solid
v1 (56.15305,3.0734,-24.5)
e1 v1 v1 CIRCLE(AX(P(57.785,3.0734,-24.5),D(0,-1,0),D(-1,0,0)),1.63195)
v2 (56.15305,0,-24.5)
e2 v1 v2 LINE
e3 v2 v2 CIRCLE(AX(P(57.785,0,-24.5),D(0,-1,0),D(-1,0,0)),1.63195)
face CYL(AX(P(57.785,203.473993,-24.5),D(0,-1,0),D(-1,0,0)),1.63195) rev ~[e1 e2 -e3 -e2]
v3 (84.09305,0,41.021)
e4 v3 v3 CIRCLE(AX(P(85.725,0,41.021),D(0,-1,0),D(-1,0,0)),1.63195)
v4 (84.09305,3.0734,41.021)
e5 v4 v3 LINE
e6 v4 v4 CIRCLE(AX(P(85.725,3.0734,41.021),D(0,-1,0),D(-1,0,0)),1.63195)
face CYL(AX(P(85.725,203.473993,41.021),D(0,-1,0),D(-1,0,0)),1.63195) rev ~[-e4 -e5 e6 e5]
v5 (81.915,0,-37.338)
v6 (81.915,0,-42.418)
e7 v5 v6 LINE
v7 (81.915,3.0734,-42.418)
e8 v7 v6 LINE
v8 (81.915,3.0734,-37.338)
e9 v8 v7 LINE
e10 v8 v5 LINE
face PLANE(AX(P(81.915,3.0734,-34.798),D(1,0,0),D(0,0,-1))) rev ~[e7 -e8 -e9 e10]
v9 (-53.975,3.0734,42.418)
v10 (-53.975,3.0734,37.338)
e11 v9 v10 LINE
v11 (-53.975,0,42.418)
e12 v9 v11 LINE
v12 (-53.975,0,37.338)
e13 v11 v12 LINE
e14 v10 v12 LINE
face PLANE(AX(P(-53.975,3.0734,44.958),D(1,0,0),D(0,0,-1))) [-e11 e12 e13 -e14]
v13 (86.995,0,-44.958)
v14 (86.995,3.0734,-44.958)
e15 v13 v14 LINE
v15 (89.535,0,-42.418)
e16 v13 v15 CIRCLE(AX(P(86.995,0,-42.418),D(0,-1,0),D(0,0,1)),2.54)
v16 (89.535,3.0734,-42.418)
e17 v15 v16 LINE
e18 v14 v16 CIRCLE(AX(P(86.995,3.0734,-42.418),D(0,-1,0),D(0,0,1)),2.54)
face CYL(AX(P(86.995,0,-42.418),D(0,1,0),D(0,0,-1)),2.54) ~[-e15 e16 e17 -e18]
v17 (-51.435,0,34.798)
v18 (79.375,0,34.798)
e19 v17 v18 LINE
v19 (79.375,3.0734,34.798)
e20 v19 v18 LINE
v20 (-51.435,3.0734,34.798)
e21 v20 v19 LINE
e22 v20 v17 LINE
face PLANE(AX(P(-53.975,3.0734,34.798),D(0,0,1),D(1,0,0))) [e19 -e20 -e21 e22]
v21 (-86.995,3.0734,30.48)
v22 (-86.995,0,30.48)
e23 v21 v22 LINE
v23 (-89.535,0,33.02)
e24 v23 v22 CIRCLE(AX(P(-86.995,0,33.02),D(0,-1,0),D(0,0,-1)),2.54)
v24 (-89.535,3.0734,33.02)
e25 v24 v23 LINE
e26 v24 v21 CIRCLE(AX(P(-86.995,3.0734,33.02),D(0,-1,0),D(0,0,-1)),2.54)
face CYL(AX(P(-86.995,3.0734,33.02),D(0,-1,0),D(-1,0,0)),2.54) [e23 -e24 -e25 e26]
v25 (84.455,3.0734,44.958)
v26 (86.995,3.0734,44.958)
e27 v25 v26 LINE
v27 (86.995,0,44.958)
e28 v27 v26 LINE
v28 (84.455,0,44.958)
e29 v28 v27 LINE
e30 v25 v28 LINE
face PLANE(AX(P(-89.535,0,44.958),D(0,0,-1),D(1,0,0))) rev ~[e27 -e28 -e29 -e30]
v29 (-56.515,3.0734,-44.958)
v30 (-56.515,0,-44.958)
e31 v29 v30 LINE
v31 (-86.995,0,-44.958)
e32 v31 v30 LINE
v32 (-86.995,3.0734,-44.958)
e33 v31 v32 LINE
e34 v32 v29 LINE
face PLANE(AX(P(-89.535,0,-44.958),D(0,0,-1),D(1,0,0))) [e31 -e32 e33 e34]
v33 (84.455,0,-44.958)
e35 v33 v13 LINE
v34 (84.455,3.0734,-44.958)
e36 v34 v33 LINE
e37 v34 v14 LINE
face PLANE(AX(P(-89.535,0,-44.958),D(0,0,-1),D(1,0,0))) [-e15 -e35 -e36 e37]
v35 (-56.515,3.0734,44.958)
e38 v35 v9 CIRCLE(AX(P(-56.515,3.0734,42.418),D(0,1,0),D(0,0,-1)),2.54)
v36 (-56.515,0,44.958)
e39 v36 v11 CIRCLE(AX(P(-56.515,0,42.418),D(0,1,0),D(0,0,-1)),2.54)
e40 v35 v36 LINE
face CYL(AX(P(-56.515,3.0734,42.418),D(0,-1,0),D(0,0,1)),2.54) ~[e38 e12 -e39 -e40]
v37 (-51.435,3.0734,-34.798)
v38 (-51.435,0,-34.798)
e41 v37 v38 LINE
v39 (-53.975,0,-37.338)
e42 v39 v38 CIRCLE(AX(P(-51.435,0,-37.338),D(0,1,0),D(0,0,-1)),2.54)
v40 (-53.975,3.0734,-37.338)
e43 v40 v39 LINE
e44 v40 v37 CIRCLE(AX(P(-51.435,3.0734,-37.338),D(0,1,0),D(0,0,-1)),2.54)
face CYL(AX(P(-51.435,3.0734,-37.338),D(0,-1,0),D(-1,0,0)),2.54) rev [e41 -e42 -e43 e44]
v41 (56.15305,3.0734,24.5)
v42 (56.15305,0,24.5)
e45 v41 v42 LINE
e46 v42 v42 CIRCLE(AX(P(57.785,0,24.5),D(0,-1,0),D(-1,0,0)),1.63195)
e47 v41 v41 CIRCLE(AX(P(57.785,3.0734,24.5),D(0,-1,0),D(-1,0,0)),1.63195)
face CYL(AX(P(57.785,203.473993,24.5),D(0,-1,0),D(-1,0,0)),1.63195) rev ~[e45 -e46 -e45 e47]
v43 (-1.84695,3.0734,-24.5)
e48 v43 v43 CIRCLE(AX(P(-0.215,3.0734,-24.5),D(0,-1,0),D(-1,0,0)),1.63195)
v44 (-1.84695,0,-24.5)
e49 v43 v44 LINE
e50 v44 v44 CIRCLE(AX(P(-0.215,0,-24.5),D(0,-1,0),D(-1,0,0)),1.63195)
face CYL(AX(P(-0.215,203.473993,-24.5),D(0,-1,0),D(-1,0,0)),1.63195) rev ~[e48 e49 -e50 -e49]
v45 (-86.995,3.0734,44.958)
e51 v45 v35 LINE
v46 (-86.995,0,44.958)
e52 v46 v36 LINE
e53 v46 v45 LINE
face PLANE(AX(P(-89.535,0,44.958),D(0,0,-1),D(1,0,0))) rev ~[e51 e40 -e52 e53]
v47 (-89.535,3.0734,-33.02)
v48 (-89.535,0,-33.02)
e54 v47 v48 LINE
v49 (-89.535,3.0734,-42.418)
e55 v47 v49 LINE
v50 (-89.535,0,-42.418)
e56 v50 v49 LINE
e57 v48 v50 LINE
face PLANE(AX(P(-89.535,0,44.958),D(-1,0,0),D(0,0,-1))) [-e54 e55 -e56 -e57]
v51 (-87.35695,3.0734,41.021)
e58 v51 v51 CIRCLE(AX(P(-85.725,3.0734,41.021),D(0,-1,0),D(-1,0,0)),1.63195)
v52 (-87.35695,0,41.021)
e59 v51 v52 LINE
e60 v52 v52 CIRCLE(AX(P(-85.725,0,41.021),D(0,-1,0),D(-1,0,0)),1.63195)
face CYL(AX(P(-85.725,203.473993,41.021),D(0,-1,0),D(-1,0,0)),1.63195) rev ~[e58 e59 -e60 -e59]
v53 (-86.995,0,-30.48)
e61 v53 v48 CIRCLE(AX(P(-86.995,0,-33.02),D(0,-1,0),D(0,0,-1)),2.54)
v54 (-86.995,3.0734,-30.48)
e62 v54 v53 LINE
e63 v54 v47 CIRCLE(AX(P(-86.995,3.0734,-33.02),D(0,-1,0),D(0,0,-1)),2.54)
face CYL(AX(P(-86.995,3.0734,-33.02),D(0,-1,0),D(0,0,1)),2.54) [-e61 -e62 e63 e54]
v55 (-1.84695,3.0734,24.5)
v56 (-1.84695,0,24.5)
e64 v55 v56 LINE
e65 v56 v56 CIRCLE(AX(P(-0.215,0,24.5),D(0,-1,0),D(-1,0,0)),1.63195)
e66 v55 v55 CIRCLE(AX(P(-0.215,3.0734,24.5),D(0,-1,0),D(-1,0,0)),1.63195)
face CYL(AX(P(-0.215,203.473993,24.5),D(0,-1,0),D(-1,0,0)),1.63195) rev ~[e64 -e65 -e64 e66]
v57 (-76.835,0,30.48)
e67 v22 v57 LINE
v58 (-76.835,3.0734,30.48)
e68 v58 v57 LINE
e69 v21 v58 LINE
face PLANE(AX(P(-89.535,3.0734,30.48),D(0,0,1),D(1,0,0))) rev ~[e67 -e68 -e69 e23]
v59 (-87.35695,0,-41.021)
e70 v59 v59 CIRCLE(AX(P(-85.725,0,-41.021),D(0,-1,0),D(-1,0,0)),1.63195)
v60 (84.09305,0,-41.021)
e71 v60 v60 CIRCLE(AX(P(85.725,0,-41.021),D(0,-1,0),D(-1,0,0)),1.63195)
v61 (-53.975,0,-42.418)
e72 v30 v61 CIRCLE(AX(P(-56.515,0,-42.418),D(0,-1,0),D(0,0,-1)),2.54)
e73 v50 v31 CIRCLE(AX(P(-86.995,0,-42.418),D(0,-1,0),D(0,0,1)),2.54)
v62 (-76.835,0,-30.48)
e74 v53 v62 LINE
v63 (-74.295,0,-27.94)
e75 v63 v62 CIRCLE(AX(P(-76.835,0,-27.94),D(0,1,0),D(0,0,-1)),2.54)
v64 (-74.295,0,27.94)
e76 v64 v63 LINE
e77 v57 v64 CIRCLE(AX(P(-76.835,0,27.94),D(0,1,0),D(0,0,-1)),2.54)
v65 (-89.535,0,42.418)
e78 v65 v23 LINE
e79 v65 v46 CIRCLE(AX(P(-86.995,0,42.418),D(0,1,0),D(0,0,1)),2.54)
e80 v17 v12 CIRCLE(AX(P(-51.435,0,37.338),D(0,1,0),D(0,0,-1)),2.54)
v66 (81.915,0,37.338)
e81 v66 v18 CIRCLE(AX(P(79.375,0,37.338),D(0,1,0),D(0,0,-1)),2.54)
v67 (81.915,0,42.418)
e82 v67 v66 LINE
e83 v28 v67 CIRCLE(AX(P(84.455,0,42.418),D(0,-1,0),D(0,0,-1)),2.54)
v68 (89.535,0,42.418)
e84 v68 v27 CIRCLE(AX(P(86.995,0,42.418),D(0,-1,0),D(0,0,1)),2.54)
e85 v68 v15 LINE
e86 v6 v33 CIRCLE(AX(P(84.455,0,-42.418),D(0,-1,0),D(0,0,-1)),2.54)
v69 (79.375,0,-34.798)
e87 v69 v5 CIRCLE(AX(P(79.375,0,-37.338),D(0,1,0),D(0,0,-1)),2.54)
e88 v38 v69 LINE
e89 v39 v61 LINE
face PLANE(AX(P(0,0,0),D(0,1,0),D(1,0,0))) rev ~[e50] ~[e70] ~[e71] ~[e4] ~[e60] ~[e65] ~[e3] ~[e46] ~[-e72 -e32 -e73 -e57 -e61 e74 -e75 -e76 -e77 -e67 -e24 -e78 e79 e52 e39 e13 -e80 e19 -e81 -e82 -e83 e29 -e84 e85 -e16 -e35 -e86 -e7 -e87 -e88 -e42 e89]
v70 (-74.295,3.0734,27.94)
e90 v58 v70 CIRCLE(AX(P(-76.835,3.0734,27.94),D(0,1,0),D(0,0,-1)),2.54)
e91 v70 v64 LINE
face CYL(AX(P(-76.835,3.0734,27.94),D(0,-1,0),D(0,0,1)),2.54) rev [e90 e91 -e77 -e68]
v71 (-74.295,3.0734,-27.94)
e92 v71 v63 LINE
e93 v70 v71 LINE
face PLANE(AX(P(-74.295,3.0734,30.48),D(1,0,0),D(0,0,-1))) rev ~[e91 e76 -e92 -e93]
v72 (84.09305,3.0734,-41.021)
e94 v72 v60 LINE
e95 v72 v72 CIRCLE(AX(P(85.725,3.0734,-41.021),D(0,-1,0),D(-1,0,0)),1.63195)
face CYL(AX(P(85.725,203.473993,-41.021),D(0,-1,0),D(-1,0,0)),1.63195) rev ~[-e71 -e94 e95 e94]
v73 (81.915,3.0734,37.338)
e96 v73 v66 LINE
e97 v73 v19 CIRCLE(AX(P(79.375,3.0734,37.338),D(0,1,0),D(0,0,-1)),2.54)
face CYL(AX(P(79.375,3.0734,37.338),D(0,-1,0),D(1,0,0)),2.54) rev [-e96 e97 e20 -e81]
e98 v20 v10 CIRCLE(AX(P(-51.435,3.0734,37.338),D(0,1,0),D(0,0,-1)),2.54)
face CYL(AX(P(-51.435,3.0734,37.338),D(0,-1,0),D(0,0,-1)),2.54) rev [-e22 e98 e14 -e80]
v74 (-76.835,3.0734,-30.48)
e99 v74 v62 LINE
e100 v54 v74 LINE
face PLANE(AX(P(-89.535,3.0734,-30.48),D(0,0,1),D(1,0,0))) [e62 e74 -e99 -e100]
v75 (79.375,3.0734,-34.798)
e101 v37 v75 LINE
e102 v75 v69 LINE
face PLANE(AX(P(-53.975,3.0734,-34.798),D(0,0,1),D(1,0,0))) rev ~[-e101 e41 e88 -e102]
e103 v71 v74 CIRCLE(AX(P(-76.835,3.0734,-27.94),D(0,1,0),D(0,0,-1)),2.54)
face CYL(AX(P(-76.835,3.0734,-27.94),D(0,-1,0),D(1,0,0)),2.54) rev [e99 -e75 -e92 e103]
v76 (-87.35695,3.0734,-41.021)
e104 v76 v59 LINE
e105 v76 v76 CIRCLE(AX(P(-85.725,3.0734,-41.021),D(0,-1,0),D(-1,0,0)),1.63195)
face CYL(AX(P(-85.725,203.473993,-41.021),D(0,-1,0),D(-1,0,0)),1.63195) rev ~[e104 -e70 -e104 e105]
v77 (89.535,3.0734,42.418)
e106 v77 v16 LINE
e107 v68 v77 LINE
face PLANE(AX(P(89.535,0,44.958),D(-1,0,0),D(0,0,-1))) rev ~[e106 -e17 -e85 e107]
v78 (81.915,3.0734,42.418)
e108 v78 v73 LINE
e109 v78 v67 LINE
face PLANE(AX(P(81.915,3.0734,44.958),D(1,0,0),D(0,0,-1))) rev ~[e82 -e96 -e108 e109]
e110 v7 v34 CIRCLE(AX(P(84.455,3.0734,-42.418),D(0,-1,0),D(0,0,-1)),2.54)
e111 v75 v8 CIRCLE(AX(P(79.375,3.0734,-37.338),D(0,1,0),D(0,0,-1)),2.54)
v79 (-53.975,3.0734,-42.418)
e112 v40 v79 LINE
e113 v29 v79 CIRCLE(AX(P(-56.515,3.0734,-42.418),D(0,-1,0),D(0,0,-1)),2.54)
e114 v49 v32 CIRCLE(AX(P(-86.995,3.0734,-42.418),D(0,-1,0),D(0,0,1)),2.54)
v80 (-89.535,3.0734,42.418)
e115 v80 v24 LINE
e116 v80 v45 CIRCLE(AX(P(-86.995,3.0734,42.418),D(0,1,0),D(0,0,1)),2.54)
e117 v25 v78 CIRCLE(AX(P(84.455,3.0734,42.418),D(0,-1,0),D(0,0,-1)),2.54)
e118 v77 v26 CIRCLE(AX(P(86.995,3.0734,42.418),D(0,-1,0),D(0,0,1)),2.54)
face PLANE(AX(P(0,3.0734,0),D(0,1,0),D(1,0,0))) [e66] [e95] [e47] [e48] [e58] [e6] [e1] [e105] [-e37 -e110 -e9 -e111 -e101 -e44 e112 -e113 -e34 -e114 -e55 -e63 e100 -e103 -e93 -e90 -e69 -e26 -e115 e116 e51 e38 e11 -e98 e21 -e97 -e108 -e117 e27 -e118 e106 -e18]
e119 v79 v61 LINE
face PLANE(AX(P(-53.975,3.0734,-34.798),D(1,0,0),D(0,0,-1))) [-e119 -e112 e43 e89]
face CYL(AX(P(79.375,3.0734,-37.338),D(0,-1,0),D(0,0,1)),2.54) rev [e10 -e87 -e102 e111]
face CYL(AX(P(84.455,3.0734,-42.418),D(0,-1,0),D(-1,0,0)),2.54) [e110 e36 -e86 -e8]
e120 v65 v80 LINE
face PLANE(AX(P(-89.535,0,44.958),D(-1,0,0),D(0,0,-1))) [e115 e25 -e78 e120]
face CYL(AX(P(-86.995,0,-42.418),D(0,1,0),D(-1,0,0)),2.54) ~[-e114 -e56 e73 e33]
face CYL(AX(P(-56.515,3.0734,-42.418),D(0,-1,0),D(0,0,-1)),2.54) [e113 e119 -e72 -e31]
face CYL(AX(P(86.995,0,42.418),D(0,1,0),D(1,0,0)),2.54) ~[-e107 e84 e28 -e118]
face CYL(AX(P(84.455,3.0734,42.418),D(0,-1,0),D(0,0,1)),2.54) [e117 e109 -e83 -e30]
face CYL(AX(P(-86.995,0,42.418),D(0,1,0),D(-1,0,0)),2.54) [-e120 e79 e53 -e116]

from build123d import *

# Parameters (mm, degrees)
SKETCH1_W                    = 179.07
SKETCH1_H                    = 89.916
BOSS_EXTRUDE1_DEPTH          = 3.0734
F_30_0_1285_DIAMETER_HOLE1_D = 3.2639
F_30_0_1285_DIAMETER_HOLE2_D = 3.2639
SKETCH6_W                    = 15.24
SKETCH6_H                    = 60.96
SKETCH6_W_2                  = 135.89
SKETCH6_H_2                  = 10.16
CUT_EXTRUDE1_DEPTH           = 4.0734
FILLET2_R                    = 2.54


with BuildPart() as part:
    # Sketch1 → Boss-Extrude1 (new body)
    with BuildSketch(Plane(origin=(0, 0, 0), x_dir=(1, 0, 0), z_dir=(0, 1, 0))):
        Rectangle(SKETCH1_W, SKETCH1_H)
    extrude(amount=BOSS_EXTRUDE1_DEPTH)

    # #30 (0.1285) Diameter Hole1 (through all)
    with Locations(Plane(origin=(0, 3.0734, 0), x_dir=(1, 0, 0), z_dir=(0, 1, 0))):
        with Locations((-85.725, 41.021), (-85.725, -41.021), (85.725, -41.021), (85.725, 41.021)):
            Hole(F_30_0_1285_DIAMETER_HOLE1_D / 2)

    # #30 (0.1285) Diameter Hole2 (through all)
    with Locations(Plane(origin=(0, 3.0734, 0), x_dir=(1, 0, 0), z_dir=(0, 1, 0))):
        with Locations((-0.215, 24.5), (-0.215, -24.5), (57.785, -24.5), (57.785, 24.5)):
            Hole(F_30_0_1285_DIAMETER_HOLE2_D / 2)

    # Sketch6 → Cut-Extrude1 (cut, through all)
    with BuildSketch(Plane(origin=(0, 3.0734, 0), x_dir=(1, 0, 0), z_dir=(0, 1, 0))):
        with Locations((-81.915, 0)):
            Rectangle(SKETCH6_W, SKETCH6_H)
        with Locations((13.97, -39.878)):
            Rectangle(SKETCH6_W_2, SKETCH6_H_2)
        with Locations((13.97, 39.878)):
            Rectangle(SKETCH6_W_2, SKETCH6_H_2)
    extrude(amount=-CUT_EXTRUDE1_DEPTH, mode=Mode.SUBTRACT)

    # Fillet2
    fillet2_edges = [part.edges().sort_by_distance(p)[0] for p in [
        (-89.535, 1.5367, 30.48),
        (-89.535, 1.5367, -30.48),
        (-74.295, 1.5367, -30.48),
        (-74.295, 1.5367, 30.48),
        (-89.535, 1.5367, -44.958),
        (89.535, 1.5367, -44.958),
        (89.535, 1.5367, 44.958),
        (-89.535, 1.5367, 44.958),
        (-53.975, 1.5367, 44.958),
        (-53.975, 1.5367, 34.798),
        (81.915, 1.5367, 34.798),
        (81.915, 1.5367, 44.958),
        (-53.975, 1.5367, -34.798),
        (-53.975, 1.5367, -44.958),
        (81.915, 1.5367, -44.958),
        (81.915, 1.5367, -34.798),
    ]]
    fillet(fillet2_edges, radius=FILLET2_R)


solid = part.part
